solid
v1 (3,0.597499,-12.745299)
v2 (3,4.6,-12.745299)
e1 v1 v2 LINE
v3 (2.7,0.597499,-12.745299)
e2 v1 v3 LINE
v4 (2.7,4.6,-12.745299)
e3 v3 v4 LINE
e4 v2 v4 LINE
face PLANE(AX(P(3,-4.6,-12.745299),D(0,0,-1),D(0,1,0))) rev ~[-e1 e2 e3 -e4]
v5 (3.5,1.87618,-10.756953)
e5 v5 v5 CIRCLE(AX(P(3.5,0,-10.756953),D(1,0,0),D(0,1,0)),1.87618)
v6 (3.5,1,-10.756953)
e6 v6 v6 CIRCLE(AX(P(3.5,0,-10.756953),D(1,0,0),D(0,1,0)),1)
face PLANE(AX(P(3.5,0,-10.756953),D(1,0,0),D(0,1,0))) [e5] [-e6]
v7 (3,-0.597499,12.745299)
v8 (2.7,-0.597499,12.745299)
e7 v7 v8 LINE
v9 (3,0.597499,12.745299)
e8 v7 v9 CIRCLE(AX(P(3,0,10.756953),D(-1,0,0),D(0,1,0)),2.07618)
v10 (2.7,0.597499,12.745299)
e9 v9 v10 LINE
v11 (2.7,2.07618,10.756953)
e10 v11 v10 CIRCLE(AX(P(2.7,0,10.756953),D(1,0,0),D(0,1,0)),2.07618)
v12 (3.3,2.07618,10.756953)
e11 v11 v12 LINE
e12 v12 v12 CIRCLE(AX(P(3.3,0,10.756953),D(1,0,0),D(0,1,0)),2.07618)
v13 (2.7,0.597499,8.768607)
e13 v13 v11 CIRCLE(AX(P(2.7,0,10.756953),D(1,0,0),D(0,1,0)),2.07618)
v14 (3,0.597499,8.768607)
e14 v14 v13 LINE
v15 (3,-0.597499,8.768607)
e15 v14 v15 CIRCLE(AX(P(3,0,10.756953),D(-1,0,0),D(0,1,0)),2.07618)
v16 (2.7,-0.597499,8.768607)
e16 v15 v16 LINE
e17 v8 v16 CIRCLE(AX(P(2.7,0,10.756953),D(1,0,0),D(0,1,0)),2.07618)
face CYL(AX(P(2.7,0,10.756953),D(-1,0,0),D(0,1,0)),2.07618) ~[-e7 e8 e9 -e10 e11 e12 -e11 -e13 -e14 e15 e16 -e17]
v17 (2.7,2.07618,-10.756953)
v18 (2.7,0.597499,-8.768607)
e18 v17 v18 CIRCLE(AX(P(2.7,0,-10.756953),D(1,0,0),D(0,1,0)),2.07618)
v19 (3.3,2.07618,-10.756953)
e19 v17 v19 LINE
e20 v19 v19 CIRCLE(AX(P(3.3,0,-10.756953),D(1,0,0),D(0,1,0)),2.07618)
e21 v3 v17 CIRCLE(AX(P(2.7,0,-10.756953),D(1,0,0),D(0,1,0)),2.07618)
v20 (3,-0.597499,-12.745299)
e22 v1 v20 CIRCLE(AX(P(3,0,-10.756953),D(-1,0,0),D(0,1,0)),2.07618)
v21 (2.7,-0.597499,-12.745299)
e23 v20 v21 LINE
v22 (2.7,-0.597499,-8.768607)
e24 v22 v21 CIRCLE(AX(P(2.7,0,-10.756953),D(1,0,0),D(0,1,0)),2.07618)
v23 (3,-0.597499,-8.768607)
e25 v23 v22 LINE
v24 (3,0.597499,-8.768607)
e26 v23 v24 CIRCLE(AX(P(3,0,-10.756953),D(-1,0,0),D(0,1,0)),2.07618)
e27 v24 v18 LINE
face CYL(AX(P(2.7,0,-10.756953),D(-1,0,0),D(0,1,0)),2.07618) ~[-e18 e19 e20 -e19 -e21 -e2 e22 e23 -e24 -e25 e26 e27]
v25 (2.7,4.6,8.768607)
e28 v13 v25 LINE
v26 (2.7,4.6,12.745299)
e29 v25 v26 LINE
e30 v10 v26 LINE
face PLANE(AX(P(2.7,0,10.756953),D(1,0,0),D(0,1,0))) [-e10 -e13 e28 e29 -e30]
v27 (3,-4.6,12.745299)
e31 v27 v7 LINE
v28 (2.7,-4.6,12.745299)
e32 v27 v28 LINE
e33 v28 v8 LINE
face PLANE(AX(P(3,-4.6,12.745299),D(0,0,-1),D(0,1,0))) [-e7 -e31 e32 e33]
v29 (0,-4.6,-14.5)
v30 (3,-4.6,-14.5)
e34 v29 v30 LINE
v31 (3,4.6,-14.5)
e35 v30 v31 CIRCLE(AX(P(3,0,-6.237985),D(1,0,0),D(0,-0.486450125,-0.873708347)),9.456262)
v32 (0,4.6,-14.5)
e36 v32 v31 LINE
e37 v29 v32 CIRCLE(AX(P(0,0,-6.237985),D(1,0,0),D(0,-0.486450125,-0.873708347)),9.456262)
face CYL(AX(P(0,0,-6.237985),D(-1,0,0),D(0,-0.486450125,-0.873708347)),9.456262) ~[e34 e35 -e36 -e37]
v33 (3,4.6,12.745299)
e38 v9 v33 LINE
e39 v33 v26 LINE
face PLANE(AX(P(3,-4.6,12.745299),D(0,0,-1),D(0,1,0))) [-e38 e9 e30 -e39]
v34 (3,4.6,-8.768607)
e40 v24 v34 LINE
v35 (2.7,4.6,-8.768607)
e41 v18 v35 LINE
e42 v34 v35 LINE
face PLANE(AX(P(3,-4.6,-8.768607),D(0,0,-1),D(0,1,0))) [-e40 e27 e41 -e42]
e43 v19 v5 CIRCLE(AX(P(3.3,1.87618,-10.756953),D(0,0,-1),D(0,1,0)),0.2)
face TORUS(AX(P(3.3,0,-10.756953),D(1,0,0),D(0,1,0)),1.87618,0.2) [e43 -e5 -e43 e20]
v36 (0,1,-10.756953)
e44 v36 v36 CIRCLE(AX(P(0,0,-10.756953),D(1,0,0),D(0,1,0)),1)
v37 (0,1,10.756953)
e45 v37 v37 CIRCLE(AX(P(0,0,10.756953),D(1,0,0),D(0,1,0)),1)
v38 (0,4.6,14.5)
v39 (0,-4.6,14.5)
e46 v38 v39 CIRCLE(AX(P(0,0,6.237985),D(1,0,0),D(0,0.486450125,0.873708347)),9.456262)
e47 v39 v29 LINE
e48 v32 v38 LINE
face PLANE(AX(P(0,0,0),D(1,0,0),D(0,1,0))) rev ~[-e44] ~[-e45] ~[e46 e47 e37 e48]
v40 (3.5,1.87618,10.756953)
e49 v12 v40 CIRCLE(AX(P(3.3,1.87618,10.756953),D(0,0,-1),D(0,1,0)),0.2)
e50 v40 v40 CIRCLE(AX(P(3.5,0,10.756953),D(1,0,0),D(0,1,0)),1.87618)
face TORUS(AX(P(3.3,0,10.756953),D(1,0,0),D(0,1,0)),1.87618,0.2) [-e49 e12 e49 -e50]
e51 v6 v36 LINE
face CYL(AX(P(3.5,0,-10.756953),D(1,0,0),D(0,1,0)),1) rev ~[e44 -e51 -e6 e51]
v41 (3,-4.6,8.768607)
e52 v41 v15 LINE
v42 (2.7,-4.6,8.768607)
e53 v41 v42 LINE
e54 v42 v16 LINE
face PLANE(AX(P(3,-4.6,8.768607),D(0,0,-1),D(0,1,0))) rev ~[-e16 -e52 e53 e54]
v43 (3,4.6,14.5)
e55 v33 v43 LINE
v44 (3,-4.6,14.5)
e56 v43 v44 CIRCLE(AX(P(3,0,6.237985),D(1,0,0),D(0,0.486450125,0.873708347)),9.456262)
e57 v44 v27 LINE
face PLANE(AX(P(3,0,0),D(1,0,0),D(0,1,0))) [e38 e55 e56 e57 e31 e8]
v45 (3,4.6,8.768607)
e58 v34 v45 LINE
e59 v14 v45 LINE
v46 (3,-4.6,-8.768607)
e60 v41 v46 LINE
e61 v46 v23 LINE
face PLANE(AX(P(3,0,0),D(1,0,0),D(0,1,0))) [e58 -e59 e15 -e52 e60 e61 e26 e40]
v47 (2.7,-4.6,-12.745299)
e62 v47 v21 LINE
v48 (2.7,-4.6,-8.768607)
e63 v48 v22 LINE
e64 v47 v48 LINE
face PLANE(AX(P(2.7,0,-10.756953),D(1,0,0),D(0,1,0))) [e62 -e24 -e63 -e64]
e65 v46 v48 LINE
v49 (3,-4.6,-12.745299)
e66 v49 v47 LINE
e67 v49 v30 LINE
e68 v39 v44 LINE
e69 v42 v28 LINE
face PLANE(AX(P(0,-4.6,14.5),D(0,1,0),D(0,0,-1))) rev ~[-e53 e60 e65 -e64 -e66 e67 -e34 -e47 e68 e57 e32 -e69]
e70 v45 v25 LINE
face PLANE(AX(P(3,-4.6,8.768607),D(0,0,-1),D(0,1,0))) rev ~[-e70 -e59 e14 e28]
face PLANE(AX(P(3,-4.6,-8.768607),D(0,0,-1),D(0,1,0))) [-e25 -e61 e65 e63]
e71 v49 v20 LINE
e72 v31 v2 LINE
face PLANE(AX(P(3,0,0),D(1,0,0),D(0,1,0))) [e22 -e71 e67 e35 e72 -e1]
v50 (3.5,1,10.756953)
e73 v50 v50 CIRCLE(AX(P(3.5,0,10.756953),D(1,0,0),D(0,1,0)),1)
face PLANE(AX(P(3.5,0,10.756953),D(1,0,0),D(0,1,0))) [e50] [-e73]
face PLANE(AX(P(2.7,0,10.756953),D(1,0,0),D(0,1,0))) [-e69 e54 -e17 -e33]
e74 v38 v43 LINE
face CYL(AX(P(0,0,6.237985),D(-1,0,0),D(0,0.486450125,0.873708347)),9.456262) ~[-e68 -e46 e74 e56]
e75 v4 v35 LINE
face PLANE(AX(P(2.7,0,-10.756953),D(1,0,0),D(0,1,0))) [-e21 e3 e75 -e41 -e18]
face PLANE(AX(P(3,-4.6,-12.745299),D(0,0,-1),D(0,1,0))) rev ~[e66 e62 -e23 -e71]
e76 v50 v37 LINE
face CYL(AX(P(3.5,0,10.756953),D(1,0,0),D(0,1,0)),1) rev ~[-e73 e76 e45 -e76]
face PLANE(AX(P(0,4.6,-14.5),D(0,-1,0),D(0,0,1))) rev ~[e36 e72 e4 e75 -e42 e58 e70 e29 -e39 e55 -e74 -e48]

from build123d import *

# Parameters (mm, degrees)
F1_DEPTH = 3
F2_W     = 9.2
F2_H     = 3.976691
F3_DEPTH = 0.3
F4_R     = 2.07618
F5_DEPTH = 0.8
F6_R     = 0.2
F7_R     = 1
F8_DEPTH = 25


with BuildPart() as f1:
    # F0 (on Right) → F1 (new body)
    with BuildSketch(Plane.YZ):
        with BuildLine():
            Line((4.6, -14.5), (4.6, 14.5))
            ThreePointArc((4.6, 14.5), (0, 15.694247), (-4.6, 14.5))
            Line((-4.6, 14.5), (-4.6, -14.5))
            ThreePointArc((-4.6, -14.5), (0, -15.694247), (4.6, -14.5))
        make_face()
    extrude(amount=F1_DEPTH)

    # F2 (on face) → F3 (cut)
    with BuildSketch(Plane.YZ.offset(3)):
        with Locations((0, 10.756953)):
            Rectangle(F2_W, F2_H)
        with Locations((0, -10.756953)):
            Rectangle(F2_W, F2_H)
    extrude(amount=-F3_DEPTH, mode=Mode.SUBTRACT)

    # F4 (on face) → F5 (join)
    with BuildSketch(Plane.YZ.offset(2.7)):
        with Locations((0, 10.756953)):
            Circle(F4_R)
        with Locations((0, -10.756953)):
            Circle(F4_R)
    extrude(amount=F5_DEPTH)

    # F6
    f6_edges = [f1.edges().sort_by_distance(p)[0] for p in [
        (3.5, -2.07618, 10.756953),
        (3.5, -2.07618, -10.756953),
    ]]
    fillet(f6_edges, radius=F6_R)

    # F7 (on face) → F8 (cut)
    with BuildSketch(Plane.YZ.offset(3.5)):
        with Locations((0, 10.756953)):
            Circle(F7_R)
        with Locations((0, -10.756953)):
            Circle(F7_R)
    extrude(amount=-F8_DEPTH, mode=Mode.SUBTRACT)


solid = f1.part
